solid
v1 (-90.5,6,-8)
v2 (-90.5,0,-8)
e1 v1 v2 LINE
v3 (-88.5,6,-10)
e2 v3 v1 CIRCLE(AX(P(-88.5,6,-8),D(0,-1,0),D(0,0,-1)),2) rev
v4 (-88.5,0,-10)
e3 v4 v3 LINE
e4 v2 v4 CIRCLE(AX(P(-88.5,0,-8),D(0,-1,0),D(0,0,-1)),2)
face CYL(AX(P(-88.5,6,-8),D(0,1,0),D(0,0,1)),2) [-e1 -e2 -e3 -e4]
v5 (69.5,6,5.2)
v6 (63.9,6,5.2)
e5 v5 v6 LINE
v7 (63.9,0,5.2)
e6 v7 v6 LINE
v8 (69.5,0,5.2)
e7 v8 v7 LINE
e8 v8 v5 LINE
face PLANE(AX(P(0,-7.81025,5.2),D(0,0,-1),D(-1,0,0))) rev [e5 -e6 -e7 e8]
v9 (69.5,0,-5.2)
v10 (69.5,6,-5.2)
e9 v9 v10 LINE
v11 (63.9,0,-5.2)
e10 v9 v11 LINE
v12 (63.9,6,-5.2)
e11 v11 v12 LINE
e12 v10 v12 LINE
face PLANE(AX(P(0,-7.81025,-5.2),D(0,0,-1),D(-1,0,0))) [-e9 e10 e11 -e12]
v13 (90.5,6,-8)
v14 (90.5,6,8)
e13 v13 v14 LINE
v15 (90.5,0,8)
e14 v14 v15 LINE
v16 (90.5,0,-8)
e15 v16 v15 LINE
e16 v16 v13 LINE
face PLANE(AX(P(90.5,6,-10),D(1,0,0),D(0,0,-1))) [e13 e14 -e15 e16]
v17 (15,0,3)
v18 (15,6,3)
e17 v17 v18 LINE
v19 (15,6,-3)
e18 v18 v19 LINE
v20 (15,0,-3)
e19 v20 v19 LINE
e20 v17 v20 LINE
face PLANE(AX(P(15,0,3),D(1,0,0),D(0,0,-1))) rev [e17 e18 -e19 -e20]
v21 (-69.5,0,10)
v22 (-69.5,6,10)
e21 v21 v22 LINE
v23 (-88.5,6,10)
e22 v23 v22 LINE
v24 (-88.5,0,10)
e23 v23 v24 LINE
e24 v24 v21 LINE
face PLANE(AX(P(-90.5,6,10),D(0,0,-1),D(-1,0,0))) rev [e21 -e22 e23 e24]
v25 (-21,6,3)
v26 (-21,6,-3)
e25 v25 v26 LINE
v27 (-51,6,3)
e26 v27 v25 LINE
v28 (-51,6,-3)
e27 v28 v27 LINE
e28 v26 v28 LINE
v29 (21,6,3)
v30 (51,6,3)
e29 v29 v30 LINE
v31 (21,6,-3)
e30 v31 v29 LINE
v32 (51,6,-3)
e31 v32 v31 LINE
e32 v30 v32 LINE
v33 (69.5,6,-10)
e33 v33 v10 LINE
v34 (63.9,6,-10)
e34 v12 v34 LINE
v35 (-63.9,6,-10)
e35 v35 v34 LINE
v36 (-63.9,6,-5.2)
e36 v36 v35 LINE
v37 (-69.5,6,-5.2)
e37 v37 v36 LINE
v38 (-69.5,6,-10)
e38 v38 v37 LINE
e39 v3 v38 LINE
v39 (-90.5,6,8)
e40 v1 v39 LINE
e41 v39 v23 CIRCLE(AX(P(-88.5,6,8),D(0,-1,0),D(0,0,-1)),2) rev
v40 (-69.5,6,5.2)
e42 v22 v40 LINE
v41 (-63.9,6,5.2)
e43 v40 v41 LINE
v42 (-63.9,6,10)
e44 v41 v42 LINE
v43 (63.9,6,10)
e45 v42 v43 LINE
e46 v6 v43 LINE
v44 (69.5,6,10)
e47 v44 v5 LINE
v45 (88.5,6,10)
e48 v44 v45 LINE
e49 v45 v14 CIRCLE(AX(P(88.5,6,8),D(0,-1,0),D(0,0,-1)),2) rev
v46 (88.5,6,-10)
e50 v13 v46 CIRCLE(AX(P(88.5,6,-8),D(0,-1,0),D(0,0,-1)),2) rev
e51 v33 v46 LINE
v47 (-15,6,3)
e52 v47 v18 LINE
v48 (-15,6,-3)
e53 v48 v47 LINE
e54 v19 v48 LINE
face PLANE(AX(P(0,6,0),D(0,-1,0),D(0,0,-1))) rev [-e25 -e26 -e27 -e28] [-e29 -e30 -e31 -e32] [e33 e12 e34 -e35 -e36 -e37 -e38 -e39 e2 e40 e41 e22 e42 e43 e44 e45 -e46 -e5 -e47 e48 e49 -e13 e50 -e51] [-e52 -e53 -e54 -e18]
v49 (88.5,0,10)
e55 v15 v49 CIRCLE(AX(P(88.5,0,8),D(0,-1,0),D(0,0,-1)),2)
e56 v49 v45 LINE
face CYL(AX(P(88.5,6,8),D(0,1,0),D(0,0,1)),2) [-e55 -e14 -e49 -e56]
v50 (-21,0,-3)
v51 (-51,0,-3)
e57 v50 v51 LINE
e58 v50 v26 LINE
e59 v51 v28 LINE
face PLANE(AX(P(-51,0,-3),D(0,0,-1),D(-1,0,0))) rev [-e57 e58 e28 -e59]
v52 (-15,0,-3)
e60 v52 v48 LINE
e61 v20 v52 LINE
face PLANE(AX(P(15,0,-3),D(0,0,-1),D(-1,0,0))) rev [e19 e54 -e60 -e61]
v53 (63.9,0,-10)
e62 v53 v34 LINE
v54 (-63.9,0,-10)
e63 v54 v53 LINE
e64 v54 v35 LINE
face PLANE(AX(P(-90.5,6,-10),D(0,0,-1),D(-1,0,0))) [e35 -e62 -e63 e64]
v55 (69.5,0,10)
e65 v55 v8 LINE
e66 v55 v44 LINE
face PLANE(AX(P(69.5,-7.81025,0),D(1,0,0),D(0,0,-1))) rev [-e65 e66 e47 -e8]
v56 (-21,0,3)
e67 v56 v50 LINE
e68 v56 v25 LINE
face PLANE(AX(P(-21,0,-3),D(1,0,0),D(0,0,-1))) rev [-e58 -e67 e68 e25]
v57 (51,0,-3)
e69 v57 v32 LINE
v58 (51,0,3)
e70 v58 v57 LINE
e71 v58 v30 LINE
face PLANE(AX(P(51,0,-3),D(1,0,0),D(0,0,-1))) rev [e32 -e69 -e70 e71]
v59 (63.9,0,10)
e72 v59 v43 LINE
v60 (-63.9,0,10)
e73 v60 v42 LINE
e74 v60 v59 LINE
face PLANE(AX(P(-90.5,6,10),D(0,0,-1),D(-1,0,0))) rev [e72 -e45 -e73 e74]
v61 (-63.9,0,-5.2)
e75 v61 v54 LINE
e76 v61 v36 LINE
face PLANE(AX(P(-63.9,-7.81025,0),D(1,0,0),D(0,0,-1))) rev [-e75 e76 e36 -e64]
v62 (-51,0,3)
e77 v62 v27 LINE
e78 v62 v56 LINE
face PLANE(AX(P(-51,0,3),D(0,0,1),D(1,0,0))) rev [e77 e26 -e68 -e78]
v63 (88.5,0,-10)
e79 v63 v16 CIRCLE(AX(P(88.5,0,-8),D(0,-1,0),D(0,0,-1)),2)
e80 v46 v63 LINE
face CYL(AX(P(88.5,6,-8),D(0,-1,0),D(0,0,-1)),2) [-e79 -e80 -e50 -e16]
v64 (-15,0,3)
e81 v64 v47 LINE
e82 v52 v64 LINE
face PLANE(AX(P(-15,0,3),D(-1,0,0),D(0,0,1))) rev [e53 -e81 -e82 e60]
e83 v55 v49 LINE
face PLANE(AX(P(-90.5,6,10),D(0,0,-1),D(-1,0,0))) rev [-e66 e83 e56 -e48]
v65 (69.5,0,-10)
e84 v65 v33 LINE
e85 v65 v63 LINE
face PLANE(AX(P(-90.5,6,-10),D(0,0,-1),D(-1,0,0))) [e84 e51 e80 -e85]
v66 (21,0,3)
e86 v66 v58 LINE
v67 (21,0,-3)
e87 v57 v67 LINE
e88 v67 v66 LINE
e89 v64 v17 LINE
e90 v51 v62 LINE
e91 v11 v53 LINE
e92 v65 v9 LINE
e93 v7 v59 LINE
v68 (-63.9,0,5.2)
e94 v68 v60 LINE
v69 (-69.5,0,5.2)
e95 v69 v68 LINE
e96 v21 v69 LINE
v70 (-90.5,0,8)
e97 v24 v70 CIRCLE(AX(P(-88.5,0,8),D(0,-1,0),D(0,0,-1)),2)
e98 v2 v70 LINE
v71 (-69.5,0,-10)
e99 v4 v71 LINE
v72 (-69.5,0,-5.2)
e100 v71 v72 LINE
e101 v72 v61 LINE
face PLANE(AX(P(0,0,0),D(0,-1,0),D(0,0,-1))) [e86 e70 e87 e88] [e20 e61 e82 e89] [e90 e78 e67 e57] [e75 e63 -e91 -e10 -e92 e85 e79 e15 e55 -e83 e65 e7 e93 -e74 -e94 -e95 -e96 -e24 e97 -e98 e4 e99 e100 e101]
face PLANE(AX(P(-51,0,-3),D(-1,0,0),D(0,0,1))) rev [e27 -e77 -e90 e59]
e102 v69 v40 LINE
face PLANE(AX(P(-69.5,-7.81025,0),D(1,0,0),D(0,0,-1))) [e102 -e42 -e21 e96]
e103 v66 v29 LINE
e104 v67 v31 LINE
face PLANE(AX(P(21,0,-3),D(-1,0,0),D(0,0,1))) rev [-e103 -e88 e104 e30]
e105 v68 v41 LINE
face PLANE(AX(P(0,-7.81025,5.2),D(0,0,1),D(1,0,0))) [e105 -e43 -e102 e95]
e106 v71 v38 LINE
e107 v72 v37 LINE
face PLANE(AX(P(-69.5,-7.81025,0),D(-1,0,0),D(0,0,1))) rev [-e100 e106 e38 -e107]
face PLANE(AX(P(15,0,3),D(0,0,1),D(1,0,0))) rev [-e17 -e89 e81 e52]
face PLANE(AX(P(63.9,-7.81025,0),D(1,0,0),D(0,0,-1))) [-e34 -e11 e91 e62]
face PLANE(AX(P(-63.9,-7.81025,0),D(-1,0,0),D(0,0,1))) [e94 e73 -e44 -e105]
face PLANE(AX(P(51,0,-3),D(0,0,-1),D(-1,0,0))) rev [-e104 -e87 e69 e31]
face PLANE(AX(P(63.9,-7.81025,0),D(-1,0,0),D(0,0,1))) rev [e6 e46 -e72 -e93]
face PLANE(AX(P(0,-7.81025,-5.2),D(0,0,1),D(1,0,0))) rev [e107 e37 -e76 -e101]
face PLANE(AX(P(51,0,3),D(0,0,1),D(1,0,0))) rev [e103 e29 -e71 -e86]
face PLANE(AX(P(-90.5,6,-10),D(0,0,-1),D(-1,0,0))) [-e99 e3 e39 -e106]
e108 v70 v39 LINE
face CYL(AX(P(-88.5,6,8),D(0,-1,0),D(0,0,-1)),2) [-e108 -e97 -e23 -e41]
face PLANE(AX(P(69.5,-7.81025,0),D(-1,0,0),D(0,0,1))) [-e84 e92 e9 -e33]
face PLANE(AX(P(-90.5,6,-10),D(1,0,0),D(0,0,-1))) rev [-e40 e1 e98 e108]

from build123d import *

# Parameters (mm, degrees)
SKETCH1_W                                = 181
SKETCH1_H                                = 20
BOSS_EXTRUDE1_DEPTH                      = 6
SKETCH3_W                                = 30
SKETCH3_H                                = 6
CUT_EXTRUDE1_DEPTH                       = 7
SKETCH4_W                                = 6
SKETCH4_H                                = 5
CUT_EXTRUDE2_DEPTH                       = 7
FILLET1_R                                = 2
BOSS_EXTRUDE2_DEPTH                      = 6
MIRROR2_AT_THE_SECOND_PLANE_COPY_1_DEPTH = 6


with BuildPart() as part:
    # Sketch1 → Boss-Extrude1 (new body)
    with BuildSketch(Plane(origin=(0, 0, 0), x_dir=(1, 0, 0), z_dir=(0, 1, 0))):
        Rectangle(SKETCH1_W, SKETCH1_H)
    extrude(amount=BOSS_EXTRUDE1_DEPTH)

    # Sketch3 → Cut-Extrude1 (cut, through all)
    with BuildSketch(Plane(origin=(0, 6, 0), x_dir=(1, 0, 0), z_dir=(0, 1, 0))):
        with Locations((36, 0)):
            Rectangle(SKETCH3_W, SKETCH3_H)
        Rectangle(SKETCH3_W, SKETCH3_H)
        with Locations((-36, 0)):
            Rectangle(SKETCH3_W, SKETCH3_H)
    extrude(amount=-CUT_EXTRUDE1_DEPTH, mode=Mode.SUBTRACT)

    # Sketch4 → Cut-Extrude2 (cut, through all)
    with BuildSketch(Plane.XZ):
        with Locations((-66.7, 7.5)):
            Rectangle(SKETCH4_W, SKETCH4_H)
        with Locations((-66.7, -7.5)):
            Rectangle(SKETCH4_W, SKETCH4_H)
    cut_extrude2 = extrude(amount=-CUT_EXTRUDE2_DEPTH, mode=Mode.SUBTRACT)

    # Mirror1: Cut-Extrude2 across plane
    add(cut_extrude2.mirror(Plane(origin=(0, 0, 0), x_dir=(0, 0, 1), z_dir=(1, 0, 0))), mode=Mode.SUBTRACT)

    # Fillet1
    fillet1_edges = [part.edges().sort_by_distance(p)[0] for p in [
        (-90.5, 3, -10),
        (-90.5, 3, 10),
        (90.5, 3, 10),
        (90.5, 3, -10),
    ]]
    fillet(fillet1_edges, radius=FILLET1_R)

    # Sketch5 → Boss-Extrude2 (add)
    with BuildSketch(Plane(origin=(0, 6, 0), x_dir=(1, 0, 0), z_dir=(0, 1, 0))):
        Polygon((-69.5, 5.2), (-69.5, 9.8), (-69.5, 10), (-69.7, 10), (-69.7, 5), (-63.7, 5), (-63.7, 10), (-63.9, 10), (-63.9, 9.8), (-63.9, 5.2), align=None)
    boss_extrude2 = extrude(amount=-BOSS_EXTRUDE2_DEPTH)

    # Mirror2: Boss-Extrude2 across plane
    add(boss_extrude2.mirror(Plane(origin=(0, 0, 0), x_dir=(0, 0, 1), z_dir=(1, 0, 0))))

    # Mirror2 at the second plane: Boss-Extrude2 across plane
    add(boss_extrude2.mirror(Plane.XY))

    # Mirror2 at the second plane copy 1 sketc → Mirror2 at the second plane copy 1 (add)
    with BuildSketch(Plane(origin=(0, 6, 0), x_dir=(-1, 0, 0), z_dir=(0, 1, 0))):
        Polygon((-69.5, 5.2), (-69.5, 9.8), (-69.5, 10), (-69.7, 10), (-69.7, 5), (-63.7, 5), (-63.7, 10), (-63.9, 10), (-63.9, 9.8), (-63.9, 5.2), align=None)
    extrude(amount=-MIRROR2_AT_THE_SECOND_PLANE_COPY_1_DEPTH)


solid = part.part
